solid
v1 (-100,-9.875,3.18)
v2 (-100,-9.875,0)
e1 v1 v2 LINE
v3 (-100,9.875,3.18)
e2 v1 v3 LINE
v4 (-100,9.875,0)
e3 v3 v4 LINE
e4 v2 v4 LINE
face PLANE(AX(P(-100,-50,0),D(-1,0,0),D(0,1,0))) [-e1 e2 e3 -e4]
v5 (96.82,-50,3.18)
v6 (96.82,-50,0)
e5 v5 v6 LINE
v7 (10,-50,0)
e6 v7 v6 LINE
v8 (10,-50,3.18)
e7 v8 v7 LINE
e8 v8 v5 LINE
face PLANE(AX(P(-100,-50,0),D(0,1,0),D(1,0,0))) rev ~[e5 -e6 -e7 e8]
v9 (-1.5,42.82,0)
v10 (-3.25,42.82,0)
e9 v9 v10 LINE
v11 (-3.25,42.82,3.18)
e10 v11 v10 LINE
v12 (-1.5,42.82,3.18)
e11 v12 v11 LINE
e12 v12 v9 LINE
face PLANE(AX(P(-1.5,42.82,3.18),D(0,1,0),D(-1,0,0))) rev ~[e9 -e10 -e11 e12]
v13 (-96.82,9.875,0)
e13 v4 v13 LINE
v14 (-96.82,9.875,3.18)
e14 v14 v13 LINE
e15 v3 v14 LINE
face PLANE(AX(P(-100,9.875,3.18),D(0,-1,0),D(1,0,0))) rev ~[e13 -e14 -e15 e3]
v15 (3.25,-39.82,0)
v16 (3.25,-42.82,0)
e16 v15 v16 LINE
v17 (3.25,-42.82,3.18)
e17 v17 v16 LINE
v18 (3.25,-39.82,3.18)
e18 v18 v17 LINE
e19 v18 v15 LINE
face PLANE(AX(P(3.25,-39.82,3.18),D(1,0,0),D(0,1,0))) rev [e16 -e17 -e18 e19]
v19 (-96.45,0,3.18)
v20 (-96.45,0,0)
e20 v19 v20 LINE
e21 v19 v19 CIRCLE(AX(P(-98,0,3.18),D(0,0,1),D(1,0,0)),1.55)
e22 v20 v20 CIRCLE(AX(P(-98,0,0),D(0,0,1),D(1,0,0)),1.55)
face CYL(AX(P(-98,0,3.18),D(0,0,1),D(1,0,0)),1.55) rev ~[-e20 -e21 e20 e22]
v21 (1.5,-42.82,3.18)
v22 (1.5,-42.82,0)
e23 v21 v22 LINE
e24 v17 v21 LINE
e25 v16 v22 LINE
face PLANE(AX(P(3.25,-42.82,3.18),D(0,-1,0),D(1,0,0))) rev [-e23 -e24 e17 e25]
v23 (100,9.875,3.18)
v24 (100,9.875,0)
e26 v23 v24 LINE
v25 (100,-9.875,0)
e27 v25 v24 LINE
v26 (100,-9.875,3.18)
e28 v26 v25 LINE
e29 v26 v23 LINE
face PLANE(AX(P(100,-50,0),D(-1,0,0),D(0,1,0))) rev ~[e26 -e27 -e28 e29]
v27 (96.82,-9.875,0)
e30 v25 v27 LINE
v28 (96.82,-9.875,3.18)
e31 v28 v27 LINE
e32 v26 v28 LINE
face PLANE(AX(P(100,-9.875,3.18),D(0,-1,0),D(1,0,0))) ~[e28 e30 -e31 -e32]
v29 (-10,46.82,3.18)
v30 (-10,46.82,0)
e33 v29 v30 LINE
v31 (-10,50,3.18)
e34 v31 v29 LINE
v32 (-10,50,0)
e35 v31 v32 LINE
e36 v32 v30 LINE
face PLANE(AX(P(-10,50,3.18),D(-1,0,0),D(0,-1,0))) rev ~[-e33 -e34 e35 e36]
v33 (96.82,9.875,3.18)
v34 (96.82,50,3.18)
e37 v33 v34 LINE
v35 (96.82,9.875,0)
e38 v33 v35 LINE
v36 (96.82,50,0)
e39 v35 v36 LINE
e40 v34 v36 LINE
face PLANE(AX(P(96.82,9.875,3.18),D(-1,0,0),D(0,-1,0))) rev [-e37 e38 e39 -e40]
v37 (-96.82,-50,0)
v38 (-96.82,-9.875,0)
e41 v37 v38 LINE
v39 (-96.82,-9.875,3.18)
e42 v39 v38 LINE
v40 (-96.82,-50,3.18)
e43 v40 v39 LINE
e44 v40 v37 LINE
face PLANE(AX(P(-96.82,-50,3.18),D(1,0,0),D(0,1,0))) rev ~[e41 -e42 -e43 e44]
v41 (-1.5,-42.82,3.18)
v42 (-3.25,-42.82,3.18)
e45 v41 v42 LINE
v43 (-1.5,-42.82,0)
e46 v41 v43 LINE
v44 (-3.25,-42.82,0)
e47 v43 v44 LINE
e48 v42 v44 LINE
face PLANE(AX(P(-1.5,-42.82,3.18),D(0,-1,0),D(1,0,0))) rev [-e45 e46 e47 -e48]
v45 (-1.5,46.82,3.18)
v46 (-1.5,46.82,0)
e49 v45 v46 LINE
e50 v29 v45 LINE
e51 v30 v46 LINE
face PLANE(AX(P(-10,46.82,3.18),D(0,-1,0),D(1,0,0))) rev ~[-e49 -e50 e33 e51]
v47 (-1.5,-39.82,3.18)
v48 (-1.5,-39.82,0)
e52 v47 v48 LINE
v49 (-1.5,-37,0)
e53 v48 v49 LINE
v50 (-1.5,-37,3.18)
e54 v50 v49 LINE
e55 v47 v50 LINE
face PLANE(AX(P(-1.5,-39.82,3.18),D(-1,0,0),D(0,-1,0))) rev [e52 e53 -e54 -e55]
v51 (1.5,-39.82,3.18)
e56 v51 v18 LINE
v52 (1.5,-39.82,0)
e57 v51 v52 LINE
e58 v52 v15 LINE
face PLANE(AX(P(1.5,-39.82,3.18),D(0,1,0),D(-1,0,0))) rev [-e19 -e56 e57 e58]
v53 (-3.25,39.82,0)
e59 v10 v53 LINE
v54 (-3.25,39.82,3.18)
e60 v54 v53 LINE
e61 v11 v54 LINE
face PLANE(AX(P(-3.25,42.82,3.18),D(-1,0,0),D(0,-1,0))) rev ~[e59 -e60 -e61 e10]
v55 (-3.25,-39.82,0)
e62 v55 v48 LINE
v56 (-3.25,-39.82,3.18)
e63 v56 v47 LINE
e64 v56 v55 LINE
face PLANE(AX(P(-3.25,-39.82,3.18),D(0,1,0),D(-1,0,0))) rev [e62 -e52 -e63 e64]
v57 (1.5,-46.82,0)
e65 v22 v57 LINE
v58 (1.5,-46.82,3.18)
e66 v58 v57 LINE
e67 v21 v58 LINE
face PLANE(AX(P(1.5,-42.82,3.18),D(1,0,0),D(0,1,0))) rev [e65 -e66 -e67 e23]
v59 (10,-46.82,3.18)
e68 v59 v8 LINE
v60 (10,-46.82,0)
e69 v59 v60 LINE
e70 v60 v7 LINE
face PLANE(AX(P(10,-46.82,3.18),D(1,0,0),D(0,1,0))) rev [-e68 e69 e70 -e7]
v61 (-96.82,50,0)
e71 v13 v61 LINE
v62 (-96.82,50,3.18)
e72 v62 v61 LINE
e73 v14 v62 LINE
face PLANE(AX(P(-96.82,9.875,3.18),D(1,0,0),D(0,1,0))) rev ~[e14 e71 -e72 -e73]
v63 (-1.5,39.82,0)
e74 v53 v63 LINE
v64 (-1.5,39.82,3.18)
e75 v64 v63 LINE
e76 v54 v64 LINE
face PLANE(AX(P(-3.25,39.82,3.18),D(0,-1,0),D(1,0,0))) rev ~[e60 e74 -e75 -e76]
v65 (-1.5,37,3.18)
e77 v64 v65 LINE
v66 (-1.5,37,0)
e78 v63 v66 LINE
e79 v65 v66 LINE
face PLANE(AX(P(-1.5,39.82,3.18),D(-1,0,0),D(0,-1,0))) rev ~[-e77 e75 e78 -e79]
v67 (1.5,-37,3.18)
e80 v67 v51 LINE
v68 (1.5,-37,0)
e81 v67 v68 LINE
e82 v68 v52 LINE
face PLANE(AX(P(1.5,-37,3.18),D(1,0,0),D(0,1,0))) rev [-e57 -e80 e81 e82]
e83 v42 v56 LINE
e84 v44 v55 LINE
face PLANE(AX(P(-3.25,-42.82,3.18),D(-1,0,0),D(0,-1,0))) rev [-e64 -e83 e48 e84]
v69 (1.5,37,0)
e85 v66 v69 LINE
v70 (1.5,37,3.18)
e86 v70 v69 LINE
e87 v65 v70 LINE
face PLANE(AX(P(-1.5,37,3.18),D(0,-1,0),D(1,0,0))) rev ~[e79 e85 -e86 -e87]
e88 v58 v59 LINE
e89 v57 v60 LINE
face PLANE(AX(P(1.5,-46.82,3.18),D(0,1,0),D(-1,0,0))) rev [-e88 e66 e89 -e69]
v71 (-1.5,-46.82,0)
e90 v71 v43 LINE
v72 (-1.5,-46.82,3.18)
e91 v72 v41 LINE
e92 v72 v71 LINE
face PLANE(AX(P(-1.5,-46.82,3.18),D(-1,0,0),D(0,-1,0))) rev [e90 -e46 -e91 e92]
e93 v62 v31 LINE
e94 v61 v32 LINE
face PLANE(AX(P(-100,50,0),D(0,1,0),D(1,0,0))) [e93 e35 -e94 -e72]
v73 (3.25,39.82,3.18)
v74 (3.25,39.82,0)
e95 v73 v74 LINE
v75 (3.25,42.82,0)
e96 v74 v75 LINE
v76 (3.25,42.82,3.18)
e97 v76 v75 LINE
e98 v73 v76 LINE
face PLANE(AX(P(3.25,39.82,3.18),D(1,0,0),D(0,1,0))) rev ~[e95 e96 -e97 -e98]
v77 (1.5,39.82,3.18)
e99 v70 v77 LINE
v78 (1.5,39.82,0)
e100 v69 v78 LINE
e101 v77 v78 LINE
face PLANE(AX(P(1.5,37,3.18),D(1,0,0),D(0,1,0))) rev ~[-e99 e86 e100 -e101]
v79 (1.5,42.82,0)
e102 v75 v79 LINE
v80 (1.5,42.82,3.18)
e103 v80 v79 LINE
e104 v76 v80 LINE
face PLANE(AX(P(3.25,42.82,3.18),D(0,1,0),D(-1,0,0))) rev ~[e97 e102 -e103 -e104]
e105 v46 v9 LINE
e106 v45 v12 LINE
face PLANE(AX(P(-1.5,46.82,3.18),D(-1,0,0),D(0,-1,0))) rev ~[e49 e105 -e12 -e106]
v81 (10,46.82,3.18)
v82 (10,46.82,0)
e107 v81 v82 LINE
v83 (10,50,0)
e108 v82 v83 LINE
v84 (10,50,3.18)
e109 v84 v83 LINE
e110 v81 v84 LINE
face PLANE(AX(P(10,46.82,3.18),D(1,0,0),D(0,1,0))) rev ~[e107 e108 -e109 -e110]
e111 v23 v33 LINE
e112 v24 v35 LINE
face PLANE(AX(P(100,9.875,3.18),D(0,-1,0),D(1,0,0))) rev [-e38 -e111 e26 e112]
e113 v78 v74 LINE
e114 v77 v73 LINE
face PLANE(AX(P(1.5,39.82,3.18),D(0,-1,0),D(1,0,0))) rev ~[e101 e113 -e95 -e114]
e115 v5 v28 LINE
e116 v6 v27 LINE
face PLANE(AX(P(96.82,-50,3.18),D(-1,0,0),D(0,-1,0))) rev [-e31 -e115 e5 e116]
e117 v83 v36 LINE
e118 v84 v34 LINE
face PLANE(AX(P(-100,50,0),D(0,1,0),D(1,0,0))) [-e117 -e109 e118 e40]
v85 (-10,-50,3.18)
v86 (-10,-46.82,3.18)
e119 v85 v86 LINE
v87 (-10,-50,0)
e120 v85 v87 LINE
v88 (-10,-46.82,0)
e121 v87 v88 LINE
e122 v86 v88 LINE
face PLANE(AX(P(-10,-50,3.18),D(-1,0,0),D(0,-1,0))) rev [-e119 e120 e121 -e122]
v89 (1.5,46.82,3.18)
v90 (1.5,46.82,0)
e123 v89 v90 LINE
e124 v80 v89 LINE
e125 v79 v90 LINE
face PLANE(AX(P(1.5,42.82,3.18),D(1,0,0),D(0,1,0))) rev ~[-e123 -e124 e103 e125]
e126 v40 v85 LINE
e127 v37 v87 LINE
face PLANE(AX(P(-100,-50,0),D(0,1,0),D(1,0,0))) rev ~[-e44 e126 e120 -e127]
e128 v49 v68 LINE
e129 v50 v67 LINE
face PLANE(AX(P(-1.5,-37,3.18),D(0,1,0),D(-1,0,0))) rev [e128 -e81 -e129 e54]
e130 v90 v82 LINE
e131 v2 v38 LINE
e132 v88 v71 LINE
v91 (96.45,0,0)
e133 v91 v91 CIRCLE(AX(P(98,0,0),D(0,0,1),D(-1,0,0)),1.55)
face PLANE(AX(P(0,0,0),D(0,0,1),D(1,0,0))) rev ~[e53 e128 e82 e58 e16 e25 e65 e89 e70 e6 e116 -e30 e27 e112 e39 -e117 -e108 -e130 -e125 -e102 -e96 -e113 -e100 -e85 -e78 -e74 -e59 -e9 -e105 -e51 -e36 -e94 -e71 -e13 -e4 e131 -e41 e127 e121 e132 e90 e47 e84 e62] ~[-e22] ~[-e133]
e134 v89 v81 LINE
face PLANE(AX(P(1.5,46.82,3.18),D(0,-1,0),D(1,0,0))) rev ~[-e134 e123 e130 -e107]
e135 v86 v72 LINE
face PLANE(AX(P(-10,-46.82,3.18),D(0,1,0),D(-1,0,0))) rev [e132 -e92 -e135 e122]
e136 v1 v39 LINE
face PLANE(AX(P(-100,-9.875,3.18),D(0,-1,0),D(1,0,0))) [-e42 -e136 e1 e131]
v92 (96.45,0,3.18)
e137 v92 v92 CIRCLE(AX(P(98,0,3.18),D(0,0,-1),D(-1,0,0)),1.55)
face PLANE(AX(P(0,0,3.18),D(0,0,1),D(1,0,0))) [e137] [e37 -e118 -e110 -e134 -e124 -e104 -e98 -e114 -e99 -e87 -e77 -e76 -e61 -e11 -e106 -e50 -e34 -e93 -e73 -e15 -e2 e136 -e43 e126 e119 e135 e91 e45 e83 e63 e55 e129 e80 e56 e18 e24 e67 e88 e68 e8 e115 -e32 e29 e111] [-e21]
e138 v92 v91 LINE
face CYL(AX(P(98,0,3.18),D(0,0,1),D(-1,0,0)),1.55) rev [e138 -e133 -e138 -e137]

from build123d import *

# Parameters (mm, degrees)
SKETCH1_W           = 200
SKETCH1_H           = 100
BOSS_EXTRUDE2_DEPTH = 3.18
SKETCH2_R           = 1.55
SKETCH2_W           = 3.18
SKETCH2_H           = 40.125
CUT_EXTRUDE1_DEPTH  = 4.18


with BuildPart() as part:
    # Sketch1 → Boss-Extrude2 (new body)
    with BuildSketch(Plane.XY):
        Rectangle(SKETCH1_W, SKETCH1_H)
    extrude(amount=BOSS_EXTRUDE2_DEPTH)

    # Sketch2 → Cut-Extrude1 (cut, through all)
    with BuildSketch(Plane.XY.offset(3.18)):
        with Locations((-98, 0)):
            Circle(SKETCH2_R)
        Polygon((-10, 50), (-10, 46.82), (-1.5, 46.82), (-1.5, 42.82), (-3.25, 42.82), (-3.25, 39.82), (-1.5, 39.82), (-1.5, 37), (1.5, 37), (1.5, 39.82), (3.25, 39.82), (3.25, 42.82), (1.5, 42.82), (1.5, 46.82), (10, 46.82), (10, 50), align=None)
        with Locations((-98.41, 29.9375)):
            Rectangle(SKETCH2_W, SKETCH2_H)
        with Locations((-98.41, -29.9375)):
            Rectangle(SKETCH2_W, SKETCH2_H)
    cut_extrude1 = extrude(amount=-CUT_EXTRUDE1_DEPTH, mode=Mode.SUBTRACT)

    # Mirror1: Cut-Extrude1 across plane
    add(cut_extrude1.mirror(Plane.ZX), mode=Mode.SUBTRACT)

    # Mirror2: Cut-Extrude1 across plane
    add(cut_extrude1.mirror(Plane(origin=(0, 0, 0), x_dir=(0, 0, 1), z_dir=(1, 0, 0))), mode=Mode.SUBTRACT)


solid = part.part
